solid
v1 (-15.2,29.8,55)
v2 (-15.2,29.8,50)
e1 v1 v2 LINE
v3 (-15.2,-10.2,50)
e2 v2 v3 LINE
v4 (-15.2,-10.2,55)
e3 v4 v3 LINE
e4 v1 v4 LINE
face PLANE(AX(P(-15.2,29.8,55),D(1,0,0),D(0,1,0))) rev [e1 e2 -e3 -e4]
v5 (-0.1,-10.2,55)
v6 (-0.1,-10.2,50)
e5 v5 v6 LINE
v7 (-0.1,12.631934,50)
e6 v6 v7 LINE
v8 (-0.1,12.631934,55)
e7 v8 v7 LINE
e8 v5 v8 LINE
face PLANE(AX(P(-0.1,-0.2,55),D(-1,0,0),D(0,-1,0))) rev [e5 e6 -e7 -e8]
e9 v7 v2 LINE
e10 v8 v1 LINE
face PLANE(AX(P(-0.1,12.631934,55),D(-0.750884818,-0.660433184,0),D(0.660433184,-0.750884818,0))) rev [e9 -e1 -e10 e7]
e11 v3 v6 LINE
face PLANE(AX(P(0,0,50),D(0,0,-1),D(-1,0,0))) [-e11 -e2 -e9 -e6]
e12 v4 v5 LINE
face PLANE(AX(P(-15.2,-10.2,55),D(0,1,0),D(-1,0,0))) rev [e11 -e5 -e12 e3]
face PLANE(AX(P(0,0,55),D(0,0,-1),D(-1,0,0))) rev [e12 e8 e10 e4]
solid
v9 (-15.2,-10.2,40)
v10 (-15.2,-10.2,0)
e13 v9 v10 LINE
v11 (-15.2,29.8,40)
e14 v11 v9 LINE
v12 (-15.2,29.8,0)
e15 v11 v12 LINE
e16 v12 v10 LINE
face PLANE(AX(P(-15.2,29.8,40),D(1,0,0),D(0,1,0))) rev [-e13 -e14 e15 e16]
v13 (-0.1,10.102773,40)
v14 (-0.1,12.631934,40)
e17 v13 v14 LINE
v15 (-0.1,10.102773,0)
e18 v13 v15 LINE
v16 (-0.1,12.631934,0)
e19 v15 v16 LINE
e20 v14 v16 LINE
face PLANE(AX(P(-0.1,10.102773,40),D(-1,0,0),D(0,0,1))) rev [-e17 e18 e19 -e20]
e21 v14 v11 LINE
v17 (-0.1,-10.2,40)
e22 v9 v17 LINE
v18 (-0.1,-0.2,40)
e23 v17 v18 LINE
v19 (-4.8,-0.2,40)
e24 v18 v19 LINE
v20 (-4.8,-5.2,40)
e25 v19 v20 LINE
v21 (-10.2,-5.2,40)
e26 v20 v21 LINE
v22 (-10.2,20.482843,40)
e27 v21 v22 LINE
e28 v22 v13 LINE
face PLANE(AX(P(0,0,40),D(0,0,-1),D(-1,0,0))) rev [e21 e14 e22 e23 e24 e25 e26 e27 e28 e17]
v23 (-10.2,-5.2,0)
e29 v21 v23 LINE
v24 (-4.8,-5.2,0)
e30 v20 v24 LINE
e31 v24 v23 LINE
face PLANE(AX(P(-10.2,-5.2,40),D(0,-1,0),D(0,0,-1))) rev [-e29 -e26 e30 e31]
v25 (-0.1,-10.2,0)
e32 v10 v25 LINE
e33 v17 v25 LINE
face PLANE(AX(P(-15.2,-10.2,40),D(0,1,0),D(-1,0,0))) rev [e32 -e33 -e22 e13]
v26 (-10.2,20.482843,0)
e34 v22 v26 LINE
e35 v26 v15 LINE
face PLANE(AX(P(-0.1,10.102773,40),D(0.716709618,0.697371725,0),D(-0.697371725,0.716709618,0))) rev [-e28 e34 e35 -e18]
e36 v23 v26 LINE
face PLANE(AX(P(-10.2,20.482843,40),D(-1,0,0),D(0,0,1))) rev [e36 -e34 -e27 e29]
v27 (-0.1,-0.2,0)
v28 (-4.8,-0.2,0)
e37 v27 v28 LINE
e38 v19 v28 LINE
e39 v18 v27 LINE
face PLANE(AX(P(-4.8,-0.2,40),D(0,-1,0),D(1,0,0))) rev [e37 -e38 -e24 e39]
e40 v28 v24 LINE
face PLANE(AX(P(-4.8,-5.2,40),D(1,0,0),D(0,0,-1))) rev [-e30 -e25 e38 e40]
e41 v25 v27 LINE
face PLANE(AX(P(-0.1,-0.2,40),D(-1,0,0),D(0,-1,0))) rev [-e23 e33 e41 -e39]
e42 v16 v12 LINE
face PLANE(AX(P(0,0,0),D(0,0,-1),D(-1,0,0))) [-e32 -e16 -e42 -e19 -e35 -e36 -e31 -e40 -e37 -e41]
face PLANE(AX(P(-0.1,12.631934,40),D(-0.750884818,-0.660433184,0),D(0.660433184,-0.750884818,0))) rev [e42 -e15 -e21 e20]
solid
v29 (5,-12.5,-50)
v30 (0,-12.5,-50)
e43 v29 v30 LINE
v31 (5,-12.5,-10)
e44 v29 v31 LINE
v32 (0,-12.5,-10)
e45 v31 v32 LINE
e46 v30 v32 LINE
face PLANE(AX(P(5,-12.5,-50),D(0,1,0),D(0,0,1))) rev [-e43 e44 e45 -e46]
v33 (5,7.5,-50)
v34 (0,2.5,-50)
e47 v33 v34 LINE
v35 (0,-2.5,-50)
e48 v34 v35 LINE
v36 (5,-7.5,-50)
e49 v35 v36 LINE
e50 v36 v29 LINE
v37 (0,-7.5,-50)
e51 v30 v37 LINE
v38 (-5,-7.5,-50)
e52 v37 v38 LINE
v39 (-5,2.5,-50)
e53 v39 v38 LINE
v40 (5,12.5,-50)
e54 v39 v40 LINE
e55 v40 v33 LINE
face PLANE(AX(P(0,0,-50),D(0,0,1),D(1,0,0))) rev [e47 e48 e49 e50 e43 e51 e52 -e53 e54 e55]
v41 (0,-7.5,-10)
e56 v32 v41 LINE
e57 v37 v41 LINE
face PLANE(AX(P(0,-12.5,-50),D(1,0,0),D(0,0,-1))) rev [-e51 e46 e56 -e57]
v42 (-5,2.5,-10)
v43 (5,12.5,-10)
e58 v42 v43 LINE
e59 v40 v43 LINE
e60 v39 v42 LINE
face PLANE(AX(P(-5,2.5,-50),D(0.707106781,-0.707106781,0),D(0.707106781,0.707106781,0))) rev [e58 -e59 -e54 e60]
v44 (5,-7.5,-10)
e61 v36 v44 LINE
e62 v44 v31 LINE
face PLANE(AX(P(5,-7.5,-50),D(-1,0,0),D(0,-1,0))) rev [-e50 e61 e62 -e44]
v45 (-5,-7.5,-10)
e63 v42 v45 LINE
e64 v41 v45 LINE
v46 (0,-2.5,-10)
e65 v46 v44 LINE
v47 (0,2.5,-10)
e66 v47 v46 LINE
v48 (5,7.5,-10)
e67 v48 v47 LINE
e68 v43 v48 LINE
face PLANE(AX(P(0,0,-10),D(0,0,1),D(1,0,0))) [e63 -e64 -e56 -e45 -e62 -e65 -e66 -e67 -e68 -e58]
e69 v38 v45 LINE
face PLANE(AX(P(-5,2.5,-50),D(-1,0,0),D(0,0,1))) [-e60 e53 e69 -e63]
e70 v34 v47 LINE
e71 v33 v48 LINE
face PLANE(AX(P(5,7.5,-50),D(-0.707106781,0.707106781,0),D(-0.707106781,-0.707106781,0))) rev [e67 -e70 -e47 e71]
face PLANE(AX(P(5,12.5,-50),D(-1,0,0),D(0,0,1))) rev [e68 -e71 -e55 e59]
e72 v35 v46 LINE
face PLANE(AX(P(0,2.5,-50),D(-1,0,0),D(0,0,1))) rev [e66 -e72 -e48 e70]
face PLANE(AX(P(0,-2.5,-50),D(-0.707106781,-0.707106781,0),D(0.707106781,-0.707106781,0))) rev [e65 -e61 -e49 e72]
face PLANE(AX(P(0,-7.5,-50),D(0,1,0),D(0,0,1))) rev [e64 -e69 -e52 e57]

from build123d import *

# Parameters (mm, degrees)
BOSS_EXTRUDE1_DEPTH = 40
BOSS_EXTRUDE2_DEPTH = 5
BOSS_EXTRUDE3_DEPTH = 40


with BuildPart() as part:
    # Sketch2 → Boss-Extrude1 (new body)
    with BuildSketch(Plane.XY):
        Polygon((-0.1, -0.2), (-0.1, -10.2), (-15.2, -10.2), (-15.2, 29.8), (-0.1, 12.631933622), (-0.1, 10.102772968), (-10.2, 20.482842712), (-10.2, -5.2), (-4.8, -5.2), (-4.8, -0.2), align=None)
    extrude(amount=BOSS_EXTRUDE1_DEPTH)


with BuildPart() as body_2:
    # Sketch3 → Boss-Extrude2 (new body)
    with BuildSketch(Plane.XY.offset(50)):
        Polygon((-0.1, -0.2), (-0.1, 10.102772968), (-0.1, 12.631933622), (-15.2, 29.8), (-15.2, -10.2), (-0.1, -10.2), align=None)
    extrude(amount=BOSS_EXTRUDE2_DEPTH)


with BuildPart() as body_3:
    # Sketch4 → Boss-Extrude3 (new body)
    with BuildSketch(Plane(origin=(0, 0, -10), x_dir=(-1, 0, 0), z_dir=(0, 0, -1))):
        Polygon((5, 2.5), (-5, 12.5), (-5, 7.5), (0, 2.5), (0, -2.5), (-5, -7.5), (-5, -12.5), (0, -12.5), (0, -7.5), (5, -7.5), align=None)
    extrude(amount=BOSS_EXTRUDE3_DEPTH)


solid = Compound([part.part, body_2.part, body_3.part])
